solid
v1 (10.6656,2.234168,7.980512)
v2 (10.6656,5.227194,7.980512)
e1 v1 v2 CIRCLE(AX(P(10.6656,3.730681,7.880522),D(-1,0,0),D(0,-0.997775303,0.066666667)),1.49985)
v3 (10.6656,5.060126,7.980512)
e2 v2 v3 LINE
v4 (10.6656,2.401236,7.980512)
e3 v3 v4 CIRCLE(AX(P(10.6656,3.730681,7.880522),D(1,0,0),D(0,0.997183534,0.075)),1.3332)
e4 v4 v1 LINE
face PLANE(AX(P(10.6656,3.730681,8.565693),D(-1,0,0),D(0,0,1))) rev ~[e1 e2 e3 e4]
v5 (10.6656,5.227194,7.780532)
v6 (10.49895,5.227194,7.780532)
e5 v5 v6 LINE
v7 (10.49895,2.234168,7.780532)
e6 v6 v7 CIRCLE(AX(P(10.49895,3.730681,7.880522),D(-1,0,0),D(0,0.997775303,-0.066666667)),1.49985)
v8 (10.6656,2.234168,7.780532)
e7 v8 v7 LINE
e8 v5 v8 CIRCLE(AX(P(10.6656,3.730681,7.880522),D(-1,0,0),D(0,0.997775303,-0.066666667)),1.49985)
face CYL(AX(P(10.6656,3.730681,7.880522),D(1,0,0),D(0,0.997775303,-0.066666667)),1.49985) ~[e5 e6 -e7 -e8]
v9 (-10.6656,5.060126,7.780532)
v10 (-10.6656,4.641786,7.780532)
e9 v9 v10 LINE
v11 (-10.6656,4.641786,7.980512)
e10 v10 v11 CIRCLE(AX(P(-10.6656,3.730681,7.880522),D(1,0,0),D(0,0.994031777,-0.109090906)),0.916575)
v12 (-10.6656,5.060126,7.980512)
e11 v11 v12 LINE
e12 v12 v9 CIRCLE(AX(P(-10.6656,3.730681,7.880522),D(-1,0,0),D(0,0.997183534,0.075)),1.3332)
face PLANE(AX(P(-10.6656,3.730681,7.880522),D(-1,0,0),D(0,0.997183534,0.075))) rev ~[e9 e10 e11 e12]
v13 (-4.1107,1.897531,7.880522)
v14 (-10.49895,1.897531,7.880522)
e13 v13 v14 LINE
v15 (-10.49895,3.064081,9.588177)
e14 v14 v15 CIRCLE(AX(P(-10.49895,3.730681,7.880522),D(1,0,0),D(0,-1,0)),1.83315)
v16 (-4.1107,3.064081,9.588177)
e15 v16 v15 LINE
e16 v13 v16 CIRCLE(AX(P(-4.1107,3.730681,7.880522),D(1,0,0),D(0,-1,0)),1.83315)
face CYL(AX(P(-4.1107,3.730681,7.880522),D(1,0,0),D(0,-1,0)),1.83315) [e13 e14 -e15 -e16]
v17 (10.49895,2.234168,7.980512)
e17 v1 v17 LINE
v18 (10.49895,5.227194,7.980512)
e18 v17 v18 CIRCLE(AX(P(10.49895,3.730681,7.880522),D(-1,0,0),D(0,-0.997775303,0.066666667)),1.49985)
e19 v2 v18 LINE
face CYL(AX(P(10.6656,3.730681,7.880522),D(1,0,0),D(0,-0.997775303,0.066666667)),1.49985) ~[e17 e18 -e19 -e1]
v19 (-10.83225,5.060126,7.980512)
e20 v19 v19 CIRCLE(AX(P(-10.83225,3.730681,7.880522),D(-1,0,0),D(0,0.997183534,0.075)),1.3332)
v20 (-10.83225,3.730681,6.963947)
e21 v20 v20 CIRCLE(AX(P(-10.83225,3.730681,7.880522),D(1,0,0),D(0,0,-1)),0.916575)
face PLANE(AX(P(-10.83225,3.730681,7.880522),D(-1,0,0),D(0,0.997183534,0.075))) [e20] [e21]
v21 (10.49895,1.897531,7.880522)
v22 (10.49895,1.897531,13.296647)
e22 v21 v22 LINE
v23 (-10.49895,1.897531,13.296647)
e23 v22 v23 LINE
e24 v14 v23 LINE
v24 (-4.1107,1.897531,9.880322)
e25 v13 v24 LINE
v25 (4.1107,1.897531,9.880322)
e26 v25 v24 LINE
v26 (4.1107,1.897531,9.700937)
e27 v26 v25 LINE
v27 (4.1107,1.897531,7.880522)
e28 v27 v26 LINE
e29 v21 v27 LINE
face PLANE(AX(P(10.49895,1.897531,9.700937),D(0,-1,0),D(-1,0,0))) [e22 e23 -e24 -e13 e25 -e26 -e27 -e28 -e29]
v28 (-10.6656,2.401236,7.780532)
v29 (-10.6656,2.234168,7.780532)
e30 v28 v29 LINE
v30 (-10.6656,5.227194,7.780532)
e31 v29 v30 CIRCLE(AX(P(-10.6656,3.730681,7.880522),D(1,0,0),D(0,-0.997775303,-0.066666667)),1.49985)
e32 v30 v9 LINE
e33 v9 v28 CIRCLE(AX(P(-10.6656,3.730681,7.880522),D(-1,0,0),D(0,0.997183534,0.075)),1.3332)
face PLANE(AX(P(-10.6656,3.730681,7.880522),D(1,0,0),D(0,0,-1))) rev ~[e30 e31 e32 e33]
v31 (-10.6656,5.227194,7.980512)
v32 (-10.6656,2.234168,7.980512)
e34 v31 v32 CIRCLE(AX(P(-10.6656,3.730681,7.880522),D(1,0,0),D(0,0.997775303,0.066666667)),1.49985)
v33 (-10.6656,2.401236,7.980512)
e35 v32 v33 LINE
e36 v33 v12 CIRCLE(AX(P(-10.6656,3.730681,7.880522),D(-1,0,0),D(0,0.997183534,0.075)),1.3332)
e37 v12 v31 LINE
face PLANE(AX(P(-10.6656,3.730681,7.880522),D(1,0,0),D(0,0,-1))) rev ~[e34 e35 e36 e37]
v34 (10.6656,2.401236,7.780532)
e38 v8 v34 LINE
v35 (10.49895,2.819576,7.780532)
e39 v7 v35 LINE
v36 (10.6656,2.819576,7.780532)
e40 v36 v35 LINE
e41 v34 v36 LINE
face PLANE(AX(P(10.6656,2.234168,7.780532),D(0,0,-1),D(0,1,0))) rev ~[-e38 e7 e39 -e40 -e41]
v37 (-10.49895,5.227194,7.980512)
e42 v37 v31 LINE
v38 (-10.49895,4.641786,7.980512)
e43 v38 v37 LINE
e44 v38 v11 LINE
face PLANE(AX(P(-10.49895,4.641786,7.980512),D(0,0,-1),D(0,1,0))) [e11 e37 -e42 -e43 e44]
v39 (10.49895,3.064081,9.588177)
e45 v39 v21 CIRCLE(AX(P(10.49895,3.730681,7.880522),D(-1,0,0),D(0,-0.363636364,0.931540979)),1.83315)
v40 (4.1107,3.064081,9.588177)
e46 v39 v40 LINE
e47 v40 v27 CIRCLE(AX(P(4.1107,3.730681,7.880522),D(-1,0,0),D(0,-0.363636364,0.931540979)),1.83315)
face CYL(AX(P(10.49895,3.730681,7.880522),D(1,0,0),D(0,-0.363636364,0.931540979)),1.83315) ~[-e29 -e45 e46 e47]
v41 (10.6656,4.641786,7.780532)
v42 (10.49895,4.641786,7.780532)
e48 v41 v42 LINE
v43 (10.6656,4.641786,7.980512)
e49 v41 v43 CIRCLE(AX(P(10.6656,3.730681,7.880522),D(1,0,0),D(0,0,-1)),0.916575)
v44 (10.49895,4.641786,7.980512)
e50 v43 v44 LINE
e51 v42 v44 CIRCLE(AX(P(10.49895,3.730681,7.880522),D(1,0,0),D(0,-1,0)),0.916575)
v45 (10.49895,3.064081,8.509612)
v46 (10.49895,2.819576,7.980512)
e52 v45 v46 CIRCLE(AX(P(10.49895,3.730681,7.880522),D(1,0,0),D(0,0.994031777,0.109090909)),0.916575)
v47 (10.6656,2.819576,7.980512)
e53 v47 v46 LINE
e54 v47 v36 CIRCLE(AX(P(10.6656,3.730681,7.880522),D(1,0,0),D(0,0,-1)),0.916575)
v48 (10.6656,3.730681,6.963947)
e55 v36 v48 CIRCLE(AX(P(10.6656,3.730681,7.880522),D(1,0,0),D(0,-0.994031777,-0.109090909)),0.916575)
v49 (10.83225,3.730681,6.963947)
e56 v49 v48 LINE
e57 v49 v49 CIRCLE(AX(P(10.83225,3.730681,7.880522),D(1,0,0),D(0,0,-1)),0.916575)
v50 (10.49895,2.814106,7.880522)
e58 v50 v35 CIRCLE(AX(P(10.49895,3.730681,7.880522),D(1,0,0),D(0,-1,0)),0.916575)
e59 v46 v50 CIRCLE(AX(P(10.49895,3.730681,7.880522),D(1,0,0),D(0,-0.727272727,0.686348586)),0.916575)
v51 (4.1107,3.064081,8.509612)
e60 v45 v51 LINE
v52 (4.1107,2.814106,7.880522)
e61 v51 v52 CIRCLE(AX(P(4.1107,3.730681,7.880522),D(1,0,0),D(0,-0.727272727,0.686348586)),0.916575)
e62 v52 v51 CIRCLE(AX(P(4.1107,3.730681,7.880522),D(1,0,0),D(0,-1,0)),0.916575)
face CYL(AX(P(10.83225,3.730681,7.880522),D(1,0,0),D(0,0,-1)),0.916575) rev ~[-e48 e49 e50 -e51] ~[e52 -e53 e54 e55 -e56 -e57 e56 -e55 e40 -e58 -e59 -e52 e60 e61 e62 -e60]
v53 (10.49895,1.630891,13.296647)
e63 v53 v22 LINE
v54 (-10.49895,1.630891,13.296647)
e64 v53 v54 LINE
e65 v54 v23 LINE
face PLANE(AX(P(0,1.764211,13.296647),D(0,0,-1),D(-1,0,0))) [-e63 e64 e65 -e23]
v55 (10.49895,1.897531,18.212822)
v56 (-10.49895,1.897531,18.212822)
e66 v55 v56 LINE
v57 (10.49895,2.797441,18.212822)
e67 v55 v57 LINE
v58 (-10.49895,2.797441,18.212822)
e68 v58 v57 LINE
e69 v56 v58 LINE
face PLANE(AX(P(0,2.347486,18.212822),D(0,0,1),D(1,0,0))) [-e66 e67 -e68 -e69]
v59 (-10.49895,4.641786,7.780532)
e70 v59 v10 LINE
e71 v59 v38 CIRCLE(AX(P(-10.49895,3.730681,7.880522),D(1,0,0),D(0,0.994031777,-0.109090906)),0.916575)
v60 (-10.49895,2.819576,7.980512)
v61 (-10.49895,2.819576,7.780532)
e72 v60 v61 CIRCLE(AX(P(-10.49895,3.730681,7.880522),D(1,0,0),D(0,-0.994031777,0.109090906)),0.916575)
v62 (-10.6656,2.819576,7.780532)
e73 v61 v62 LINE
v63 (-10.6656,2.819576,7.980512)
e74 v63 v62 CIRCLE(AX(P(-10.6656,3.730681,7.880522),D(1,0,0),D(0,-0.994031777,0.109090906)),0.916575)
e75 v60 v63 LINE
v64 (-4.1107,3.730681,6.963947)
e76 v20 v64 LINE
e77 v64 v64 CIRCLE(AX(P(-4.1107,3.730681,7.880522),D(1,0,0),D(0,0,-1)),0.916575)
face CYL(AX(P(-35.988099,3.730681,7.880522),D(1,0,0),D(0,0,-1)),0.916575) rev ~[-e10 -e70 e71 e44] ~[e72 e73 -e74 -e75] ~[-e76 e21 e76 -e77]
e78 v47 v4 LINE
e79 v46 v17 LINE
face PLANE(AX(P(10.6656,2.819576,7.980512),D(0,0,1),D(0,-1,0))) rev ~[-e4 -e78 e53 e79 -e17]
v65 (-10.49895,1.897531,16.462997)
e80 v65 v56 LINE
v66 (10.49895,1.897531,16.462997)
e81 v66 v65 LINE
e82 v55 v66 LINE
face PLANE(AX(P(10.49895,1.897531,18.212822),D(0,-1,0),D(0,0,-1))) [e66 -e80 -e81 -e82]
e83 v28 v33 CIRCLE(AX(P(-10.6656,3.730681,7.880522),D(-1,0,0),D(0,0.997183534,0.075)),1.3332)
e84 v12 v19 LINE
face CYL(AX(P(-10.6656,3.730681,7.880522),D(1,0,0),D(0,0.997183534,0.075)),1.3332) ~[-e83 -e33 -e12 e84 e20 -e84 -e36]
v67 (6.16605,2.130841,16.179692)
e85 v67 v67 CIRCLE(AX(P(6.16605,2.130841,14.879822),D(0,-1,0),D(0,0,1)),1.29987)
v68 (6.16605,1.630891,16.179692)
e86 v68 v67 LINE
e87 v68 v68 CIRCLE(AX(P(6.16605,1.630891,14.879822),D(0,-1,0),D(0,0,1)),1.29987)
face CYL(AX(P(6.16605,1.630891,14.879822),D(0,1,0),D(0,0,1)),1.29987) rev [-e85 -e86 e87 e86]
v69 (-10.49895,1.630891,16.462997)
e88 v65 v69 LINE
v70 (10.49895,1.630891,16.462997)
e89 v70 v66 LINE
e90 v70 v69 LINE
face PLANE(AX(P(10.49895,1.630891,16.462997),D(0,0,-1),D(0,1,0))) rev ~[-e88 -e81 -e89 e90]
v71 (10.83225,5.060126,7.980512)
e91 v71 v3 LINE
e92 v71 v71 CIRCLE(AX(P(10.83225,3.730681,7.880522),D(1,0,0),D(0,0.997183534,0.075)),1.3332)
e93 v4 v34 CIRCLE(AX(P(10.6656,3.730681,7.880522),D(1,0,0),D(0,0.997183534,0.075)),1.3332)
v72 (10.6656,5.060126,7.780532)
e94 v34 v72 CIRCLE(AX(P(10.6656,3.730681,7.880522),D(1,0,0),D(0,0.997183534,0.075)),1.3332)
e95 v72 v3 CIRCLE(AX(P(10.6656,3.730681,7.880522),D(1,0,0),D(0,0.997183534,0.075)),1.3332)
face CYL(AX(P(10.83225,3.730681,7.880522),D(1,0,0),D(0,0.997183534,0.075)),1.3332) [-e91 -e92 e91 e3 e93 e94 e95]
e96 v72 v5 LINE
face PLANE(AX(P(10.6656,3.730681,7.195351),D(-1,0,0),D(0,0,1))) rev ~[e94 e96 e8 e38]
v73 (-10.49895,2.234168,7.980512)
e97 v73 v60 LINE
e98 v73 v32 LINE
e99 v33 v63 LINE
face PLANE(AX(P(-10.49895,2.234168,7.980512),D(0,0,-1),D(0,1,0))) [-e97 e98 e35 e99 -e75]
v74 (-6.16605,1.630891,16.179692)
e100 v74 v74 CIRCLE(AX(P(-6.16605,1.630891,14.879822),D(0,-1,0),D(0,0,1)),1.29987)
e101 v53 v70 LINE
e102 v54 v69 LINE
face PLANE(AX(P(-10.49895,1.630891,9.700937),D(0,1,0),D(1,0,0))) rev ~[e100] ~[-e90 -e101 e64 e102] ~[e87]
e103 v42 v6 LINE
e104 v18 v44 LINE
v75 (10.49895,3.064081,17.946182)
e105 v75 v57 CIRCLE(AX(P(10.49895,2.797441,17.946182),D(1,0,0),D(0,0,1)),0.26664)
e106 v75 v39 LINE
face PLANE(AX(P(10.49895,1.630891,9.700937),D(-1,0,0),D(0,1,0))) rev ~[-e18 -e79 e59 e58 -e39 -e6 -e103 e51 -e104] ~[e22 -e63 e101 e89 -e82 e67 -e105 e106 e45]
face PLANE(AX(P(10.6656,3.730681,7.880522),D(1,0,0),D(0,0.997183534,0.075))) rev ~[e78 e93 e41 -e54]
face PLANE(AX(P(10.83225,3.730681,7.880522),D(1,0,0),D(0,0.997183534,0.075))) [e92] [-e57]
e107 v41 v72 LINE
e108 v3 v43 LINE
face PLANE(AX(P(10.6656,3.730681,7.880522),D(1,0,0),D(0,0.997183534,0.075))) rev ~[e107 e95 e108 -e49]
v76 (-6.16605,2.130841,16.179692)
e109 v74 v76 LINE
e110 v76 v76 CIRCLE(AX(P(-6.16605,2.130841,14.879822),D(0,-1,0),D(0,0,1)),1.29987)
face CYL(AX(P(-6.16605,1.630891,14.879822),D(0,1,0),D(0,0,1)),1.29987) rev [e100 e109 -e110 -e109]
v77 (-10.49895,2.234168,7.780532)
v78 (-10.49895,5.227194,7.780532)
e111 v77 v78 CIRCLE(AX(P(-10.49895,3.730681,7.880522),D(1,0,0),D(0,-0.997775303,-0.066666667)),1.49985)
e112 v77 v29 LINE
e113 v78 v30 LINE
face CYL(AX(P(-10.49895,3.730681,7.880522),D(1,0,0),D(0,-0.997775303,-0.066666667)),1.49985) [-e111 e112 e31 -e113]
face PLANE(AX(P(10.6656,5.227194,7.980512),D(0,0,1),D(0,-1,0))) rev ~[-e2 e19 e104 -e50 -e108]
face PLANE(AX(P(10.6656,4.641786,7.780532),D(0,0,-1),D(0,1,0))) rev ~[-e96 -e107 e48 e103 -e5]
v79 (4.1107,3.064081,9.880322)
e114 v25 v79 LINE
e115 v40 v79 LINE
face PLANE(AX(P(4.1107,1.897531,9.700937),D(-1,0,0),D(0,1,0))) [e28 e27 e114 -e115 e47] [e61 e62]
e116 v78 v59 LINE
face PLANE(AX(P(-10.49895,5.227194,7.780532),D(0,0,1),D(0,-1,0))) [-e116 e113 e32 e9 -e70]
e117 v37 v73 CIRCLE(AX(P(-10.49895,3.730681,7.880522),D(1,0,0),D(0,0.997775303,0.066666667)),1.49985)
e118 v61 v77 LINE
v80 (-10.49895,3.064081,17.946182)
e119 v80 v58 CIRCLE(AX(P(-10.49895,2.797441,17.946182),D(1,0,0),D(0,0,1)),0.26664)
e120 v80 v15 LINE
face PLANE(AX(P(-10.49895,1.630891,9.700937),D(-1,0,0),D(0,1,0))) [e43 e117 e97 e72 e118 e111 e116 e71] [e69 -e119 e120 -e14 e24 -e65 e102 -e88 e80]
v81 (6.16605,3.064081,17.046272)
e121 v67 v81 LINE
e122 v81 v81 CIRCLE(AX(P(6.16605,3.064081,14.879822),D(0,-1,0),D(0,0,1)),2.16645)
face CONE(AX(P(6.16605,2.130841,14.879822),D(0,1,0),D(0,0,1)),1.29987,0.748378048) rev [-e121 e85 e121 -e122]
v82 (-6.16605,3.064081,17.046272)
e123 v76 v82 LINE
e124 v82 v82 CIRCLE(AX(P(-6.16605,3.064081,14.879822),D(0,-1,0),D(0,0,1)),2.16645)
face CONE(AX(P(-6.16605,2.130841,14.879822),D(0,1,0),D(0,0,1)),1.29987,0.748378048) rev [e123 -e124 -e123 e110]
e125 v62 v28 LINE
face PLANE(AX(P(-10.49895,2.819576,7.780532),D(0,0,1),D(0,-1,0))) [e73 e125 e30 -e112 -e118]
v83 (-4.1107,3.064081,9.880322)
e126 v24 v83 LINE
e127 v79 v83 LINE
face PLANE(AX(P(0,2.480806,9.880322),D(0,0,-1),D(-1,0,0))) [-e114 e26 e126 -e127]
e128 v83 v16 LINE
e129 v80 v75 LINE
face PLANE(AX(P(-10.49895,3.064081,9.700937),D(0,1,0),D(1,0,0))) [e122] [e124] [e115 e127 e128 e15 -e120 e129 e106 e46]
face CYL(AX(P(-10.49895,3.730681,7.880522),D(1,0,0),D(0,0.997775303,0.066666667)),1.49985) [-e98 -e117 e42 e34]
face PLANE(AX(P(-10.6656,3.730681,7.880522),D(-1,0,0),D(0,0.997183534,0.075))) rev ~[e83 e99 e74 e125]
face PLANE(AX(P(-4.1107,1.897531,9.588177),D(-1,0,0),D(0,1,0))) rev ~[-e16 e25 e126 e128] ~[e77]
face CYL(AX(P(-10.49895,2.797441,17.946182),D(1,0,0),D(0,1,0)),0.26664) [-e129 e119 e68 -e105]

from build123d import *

# Parameters (mm, degrees)
BOSS_EXTRUDE1_DEPTH    = 19.166666667
BOSS_EXTRUDE2_DEPTH    = 0.5
SKETCH3_W              = 5.123475383
SKETCH3_H              = 3.5
BOSS_EXTRUDE3_DEPTH    = 24.666666667
BOSS_EXTRUDE4_START    = 19.166666667
BOSS_EXTRUDE4_DEPTH    = 19.166666667
BOSS_EXTRUDE5_START    = 0.5
BOSS_EXTRUDE5_DEPTH    = 0.5
BOSS_EXTRUDE6_START    = 0.5
BOSS_EXTRUDE6_DEPTH    = 0.5
CUT_EXTRUDE1_DEPTH     = 19.166666667
SKETCH8_W              = 63
SKETCH8_H              = 3.5
BOSS_EXTRUDE7_DEPTH    = 0.338316441
SKETCH9_W              = 63
SKETCH9_H              = 5.461791824
BOSS_EXTRUDE8_DEPTH    = 0.8
CUT_EXTRUDE2_DEPTH     = 5.123475383
SKETCH11_W             = 63
SKETCH11_H             = 4.3
BOSS_EXTRUDE9_DEPTH    = 25.538208176
CUT_EXTRUDE3_DEPTH     = 0.338316441
SKETCH13_W             = 63
SKETCH13_H             = 0.8
CUT_EXTRUDE4_DEPTH     = 10.788208176
SKETCH14_W             = 24.666666666
SKETCH14_H             = 3.5
CUT_EXTRUDE5_DEPTH     = 0.538208176
BOSS_EXTRUDE10_START   = 0.5
SKETCH15_R             = 4
SKETCH15_R_2           = 2.75
BOSS_EXTRUDE10_DEPTH   = 0.5
SKETCH16_R             = 4
BOSS_EXTRUDE11_DEPTH   = 0.5
SKETCH17_W             = 5.25
SKETCH17_H             = 0.8
CUT_EXTRUDE6_DEPTH     = 72.95832127
F_10_CLEARANCE_HOLE1_D = 5.5
HOLE1_AT_2_COUNT       = 2
HOLE1_AT_2_PITCH       = 37
FILLET1_R              = 0.8
SCALE1_SCALE           = 0.3333


with BuildPart() as part:
    # Sketch1 → Boss-Extrude1 (new body)
    with BuildSketch(Plane(origin=(-12.333333333, 0, 0), x_dir=(0, 0, -1), z_dir=(1, 0, 0))):
        with BuildLine():
            Line((-5.123475383, 3.5), (-5.123475383, 0))
            Line((-5.123475383, 0), (0, 0))
            ThreePointArc((0, 0), (3.102418411, 10.041475531), (-5.123475383, 3.5))
        make_face()
    extrude(amount=-BOSS_EXTRUDE1_DEPTH)

    # Sketch2 → Boss-Extrude2 (add)
    with BuildSketch(Plane.ZY.offset(31.5)):
        with BuildLine():
            Line((-0.3, 9.989988864), (-0.3, 8.233587387))
            ThreePointArc((-0.3, 8.233587387), (0, 8.25), (0.3, 8.233587387))
            Line((0.3, 8.233587387), (0.3, 9.989988864))
            ThreePointArc((0.3, 9.989988864), (4.5, 5.5), (0.3, 1.010011136))
            Line((0.3, 1.010011136), (0.3, 2.766412613))
            ThreePointArc((0.3, 2.766412613), (0, 2.75), (-0.3, 2.766412613))
            Line((-0.3, 2.766412613), (-0.3, 1.010011136))
            ThreePointArc((-0.3, 1.010011136), (-4.5, 5.5), (-0.3, 9.989988864))
        make_face()
    extrude(amount=BOSS_EXTRUDE2_DEPTH)

    # Sketch3 → Boss-Extrude3 (add)
    with BuildSketch(Plane(origin=(-12.333333333, 0, 0), x_dir=(0, 0, -1), z_dir=(1, 0, 0))):
        with Locations((-2.561737692, 1.75)):
            Rectangle(SKETCH3_W, SKETCH3_H)
    extrude(amount=BOSS_EXTRUDE3_DEPTH)

    # Sketch4 → Boss-Extrude4 (add)
    with BuildSketch(Plane(origin=(12.333333333, 0, 0), x_dir=(0, 0, -1), z_dir=(1, 0, 0)).offset(BOSS_EXTRUDE4_START)):
        with BuildLine():
            Line((0, 0), (-5.123475383, 0))
            Line((-5.123475383, 0), (-5.123475383, 3.5))
            ThreePointArc((-5.123475383, 3.5), (3.102418411, 10.041475531), (0, 0))
        make_face()
        with BuildLine():
            Line((-1.887458609, 3.5), (0, 3.5))
            Line((0, 3.5), (0, 2.75))
            ThreePointArc((0, 2.75), (1.015504801, 8.055631038), (-1.887458609, 3.5))
        make_face(mode=Mode.SUBTRACT)
    extrude(amount=-BOSS_EXTRUDE4_DEPTH)

    # Sketch5 → Boss-Extrude5 (add)
    with BuildSketch(Plane(origin=(31.5, 0, 0), x_dir=(0, 0, -1), z_dir=(1, 0, 0)).offset(BOSS_EXTRUDE5_START)):
        with BuildLine():
            Line((-0.3, 9.989988864), (-0.3, 8.233587387))
            ThreePointArc((-0.3, 8.233587387), (-2.75, 5.5), (-0.3, 2.766412613))
            Line((-0.3, 2.766412613), (-0.3, 1.010011136))
            ThreePointArc((-0.3, 1.010011136), (-4.5, 5.5), (-0.3, 9.989988864))
        make_face()
    extrude(amount=-BOSS_EXTRUDE5_DEPTH)

    # Sketch6 → Boss-Extrude6 (add)
    with BuildSketch(Plane(origin=(31.5, 0, 0), x_dir=(0, 0, -1), z_dir=(1, 0, 0)).offset(BOSS_EXTRUDE6_START)):
        with BuildLine():
            Line((0.3, 1.010011136), (0.3, 2.766412613))
            ThreePointArc((0.3, 2.766412613), (2.75, 5.5), (0.3, 8.233587387))
            Line((0.3, 8.233587387), (0.3, 9.989988864))
            ThreePointArc((0.3, 9.989988864), (4.5, 5.5), (0.3, 1.010011136))
        make_face()
    extrude(amount=-BOSS_EXTRUDE6_DEPTH)

    # Sketch7 → Cut-Extrude1 (cut)
    with BuildSketch(Plane(origin=(31.5, 0, 0), x_dir=(0, 0, -1), z_dir=(1, 0, 0))):
        with BuildLine():
            Line((0, 3.5), (-1.887458609, 3.5))
            ThreePointArc((-1.887458609, 3.5), (-1.015504801, 2.944368962), (0, 2.75))
            Line((0, 2.75), (0, 3.5))
        make_face()
    extrude(amount=-CUT_EXTRUDE1_DEPTH, mode=Mode.SUBTRACT)

    # Sketch8 → Boss-Extrude7 (add)
    with BuildSketch(Plane.XY.offset(5.123475383)):
        with Locations((0, 1.75)):
            Rectangle(SKETCH8_W, SKETCH8_H)
    extrude(amount=BOSS_EXTRUDE7_DEPTH)

    # Sketch9 → Boss-Extrude8 (add)
    with BuildSketch(Plane.XZ):
        with Locations((0, 2.730895912)):
            Rectangle(SKETCH9_W, SKETCH9_H)
    extrude(amount=BOSS_EXTRUDE8_DEPTH)

    # Sketch10 → Cut-Extrude2 (cut)
    with BuildSketch(Plane(origin=(0, 0, 0), x_dir=(-1, 0, 0), z_dir=(0, 0, -1))):
        Polygon((12.333333333, 3.5), (-12.333333333, 3.5), (-12.333333333, 0), (-31.5, 0), (-31.5, -0.8), (31.5, -0.8), (31.5, 0), (12.333333333, 0), align=None)
    extrude(amount=-CUT_EXTRUDE2_DEPTH, mode=Mode.SUBTRACT)

    # Sketch11 → Boss-Extrude9 (add)
    with BuildSketch(Plane.XY.offset(5.461791824)):
        with Locations((0, 1.35)):
            Rectangle(SKETCH11_W, SKETCH11_H)
    extrude(amount=BOSS_EXTRUDE9_DEPTH)

    # Sketch12 → Cut-Extrude3 (cut)
    with BuildSketch(Plane(origin=(0, 0, 5.123475383), x_dir=(-1, 0, 0), z_dir=(0, 0, -1))):
        Polygon((12.333333333, 3.5), (-12.333333333, 3.5), (-12.333333333, 0), (-31.5, 0), (-31.5, -0.8), (31.5, -0.8), (31.5, 0), (12.333333333, 0), align=None)
    extrude(amount=-CUT_EXTRUDE3_DEPTH, mode=Mode.SUBTRACT)

    # Sketch13 → Cut-Extrude4 (cut)
    with BuildSketch(Plane(origin=(0, 0, 5.461791824), x_dir=(-1, 0, 0), z_dir=(0, 0, -1))):
        with Locations((0, -0.4)):
            Rectangle(SKETCH13_W, SKETCH13_H)
    extrude(amount=-CUT_EXTRUDE4_DEPTH, mode=Mode.SUBTRACT)

    # Sketch14 → Cut-Extrude5 (cut)
    with BuildSketch(Plane(origin=(0, 0, 5.461791824), x_dir=(-1, 0, 0), z_dir=(0, 0, -1))):
        with Locations((0, 1.75)):
            Rectangle(SKETCH14_W, SKETCH14_H)
    extrude(amount=-CUT_EXTRUDE5_DEPTH, mode=Mode.SUBTRACT)

    # Sketch15 → Boss-Extrude10 (add)
    with BuildSketch(Plane(origin=(32, 0, 0), x_dir=(0, 0, -1), z_dir=(1, 0, 0)).offset(BOSS_EXTRUDE10_START)):
        with Locations(Location((0, 5.5, 0), (0, 0, 94.301222305))):
            Circle(SKETCH15_R)
        with Locations((0, 5.5)):
            Circle(SKETCH15_R_2, mode=Mode.SUBTRACT)
    extrude(amount=-BOSS_EXTRUDE10_DEPTH)

    # Sketch16 → Boss-Extrude11 (add)
    with BuildSketch(Plane.ZY.offset(32)):
        with Locations(Location((0, 5.5, 0), (0, 0, 85.698777695))):
            Circle(SKETCH16_R)
    extrude(amount=BOSS_EXTRUDE11_DEPTH)

    # Sketch17 → Cut-Extrude6 (cut, through all)
    with BuildSketch(Plane(origin=(31.5, 0, 0), x_dir=(0, 0, -1), z_dir=(1, 0, 0))):
        with Locations((-28.375, -0.4)):
            Rectangle(SKETCH17_W, SKETCH17_H)
    extrude(amount=-CUT_EXTRUDE6_DEPTH, mode=Mode.SUBTRACT)

    # #10 Clearance Hole1 (through all)
    with Locations(Plane.ZY.offset(32.5)):
        with Locations((0, 5.5)):
            Hole(F_10_CLEARANCE_HOLE1_D / 2)

    # Sketch20 → Hole1 (revolve, cut)
    with BuildSketch(Plane(origin=(18.5, 3.5, 21), x_dir=(0, 0, 1), z_dir=(1, 0, 0))):
        Polygon((0, 0), (0, 4.3), (3.9, 4.3), (3.9, 2.8), (6.5, 0), align=None)
    hole1 = revolve(axis=Axis((18.5, 9.945314094, 21), (0, -1, 0)), mode=Mode.SUBTRACT)

    # Hole1 at 2: Hole1 ×2
    with Locations(*[(-i * HOLE1_AT_2_PITCH, 0, 0) for i in range(1, HOLE1_AT_2_COUNT)]):
        add(hole1, mode=Mode.SUBTRACT)

    # Fillet1
    fillet1_edges = [part.edges().sort_by_distance(p)[0] for p in [
        (0, 3.5, 31),
    ]]
    fillet(fillet1_edges, radius=FILLET1_R)


with BuildPart() as part_1:
    # Scale1: scaled about (0, 2.846153953, 11.820192401)
    add(part.part.scale(SCALE1_SCALE).moved(Location((0, 1.89753084, 7.880522274))))


solid = part_1.part
